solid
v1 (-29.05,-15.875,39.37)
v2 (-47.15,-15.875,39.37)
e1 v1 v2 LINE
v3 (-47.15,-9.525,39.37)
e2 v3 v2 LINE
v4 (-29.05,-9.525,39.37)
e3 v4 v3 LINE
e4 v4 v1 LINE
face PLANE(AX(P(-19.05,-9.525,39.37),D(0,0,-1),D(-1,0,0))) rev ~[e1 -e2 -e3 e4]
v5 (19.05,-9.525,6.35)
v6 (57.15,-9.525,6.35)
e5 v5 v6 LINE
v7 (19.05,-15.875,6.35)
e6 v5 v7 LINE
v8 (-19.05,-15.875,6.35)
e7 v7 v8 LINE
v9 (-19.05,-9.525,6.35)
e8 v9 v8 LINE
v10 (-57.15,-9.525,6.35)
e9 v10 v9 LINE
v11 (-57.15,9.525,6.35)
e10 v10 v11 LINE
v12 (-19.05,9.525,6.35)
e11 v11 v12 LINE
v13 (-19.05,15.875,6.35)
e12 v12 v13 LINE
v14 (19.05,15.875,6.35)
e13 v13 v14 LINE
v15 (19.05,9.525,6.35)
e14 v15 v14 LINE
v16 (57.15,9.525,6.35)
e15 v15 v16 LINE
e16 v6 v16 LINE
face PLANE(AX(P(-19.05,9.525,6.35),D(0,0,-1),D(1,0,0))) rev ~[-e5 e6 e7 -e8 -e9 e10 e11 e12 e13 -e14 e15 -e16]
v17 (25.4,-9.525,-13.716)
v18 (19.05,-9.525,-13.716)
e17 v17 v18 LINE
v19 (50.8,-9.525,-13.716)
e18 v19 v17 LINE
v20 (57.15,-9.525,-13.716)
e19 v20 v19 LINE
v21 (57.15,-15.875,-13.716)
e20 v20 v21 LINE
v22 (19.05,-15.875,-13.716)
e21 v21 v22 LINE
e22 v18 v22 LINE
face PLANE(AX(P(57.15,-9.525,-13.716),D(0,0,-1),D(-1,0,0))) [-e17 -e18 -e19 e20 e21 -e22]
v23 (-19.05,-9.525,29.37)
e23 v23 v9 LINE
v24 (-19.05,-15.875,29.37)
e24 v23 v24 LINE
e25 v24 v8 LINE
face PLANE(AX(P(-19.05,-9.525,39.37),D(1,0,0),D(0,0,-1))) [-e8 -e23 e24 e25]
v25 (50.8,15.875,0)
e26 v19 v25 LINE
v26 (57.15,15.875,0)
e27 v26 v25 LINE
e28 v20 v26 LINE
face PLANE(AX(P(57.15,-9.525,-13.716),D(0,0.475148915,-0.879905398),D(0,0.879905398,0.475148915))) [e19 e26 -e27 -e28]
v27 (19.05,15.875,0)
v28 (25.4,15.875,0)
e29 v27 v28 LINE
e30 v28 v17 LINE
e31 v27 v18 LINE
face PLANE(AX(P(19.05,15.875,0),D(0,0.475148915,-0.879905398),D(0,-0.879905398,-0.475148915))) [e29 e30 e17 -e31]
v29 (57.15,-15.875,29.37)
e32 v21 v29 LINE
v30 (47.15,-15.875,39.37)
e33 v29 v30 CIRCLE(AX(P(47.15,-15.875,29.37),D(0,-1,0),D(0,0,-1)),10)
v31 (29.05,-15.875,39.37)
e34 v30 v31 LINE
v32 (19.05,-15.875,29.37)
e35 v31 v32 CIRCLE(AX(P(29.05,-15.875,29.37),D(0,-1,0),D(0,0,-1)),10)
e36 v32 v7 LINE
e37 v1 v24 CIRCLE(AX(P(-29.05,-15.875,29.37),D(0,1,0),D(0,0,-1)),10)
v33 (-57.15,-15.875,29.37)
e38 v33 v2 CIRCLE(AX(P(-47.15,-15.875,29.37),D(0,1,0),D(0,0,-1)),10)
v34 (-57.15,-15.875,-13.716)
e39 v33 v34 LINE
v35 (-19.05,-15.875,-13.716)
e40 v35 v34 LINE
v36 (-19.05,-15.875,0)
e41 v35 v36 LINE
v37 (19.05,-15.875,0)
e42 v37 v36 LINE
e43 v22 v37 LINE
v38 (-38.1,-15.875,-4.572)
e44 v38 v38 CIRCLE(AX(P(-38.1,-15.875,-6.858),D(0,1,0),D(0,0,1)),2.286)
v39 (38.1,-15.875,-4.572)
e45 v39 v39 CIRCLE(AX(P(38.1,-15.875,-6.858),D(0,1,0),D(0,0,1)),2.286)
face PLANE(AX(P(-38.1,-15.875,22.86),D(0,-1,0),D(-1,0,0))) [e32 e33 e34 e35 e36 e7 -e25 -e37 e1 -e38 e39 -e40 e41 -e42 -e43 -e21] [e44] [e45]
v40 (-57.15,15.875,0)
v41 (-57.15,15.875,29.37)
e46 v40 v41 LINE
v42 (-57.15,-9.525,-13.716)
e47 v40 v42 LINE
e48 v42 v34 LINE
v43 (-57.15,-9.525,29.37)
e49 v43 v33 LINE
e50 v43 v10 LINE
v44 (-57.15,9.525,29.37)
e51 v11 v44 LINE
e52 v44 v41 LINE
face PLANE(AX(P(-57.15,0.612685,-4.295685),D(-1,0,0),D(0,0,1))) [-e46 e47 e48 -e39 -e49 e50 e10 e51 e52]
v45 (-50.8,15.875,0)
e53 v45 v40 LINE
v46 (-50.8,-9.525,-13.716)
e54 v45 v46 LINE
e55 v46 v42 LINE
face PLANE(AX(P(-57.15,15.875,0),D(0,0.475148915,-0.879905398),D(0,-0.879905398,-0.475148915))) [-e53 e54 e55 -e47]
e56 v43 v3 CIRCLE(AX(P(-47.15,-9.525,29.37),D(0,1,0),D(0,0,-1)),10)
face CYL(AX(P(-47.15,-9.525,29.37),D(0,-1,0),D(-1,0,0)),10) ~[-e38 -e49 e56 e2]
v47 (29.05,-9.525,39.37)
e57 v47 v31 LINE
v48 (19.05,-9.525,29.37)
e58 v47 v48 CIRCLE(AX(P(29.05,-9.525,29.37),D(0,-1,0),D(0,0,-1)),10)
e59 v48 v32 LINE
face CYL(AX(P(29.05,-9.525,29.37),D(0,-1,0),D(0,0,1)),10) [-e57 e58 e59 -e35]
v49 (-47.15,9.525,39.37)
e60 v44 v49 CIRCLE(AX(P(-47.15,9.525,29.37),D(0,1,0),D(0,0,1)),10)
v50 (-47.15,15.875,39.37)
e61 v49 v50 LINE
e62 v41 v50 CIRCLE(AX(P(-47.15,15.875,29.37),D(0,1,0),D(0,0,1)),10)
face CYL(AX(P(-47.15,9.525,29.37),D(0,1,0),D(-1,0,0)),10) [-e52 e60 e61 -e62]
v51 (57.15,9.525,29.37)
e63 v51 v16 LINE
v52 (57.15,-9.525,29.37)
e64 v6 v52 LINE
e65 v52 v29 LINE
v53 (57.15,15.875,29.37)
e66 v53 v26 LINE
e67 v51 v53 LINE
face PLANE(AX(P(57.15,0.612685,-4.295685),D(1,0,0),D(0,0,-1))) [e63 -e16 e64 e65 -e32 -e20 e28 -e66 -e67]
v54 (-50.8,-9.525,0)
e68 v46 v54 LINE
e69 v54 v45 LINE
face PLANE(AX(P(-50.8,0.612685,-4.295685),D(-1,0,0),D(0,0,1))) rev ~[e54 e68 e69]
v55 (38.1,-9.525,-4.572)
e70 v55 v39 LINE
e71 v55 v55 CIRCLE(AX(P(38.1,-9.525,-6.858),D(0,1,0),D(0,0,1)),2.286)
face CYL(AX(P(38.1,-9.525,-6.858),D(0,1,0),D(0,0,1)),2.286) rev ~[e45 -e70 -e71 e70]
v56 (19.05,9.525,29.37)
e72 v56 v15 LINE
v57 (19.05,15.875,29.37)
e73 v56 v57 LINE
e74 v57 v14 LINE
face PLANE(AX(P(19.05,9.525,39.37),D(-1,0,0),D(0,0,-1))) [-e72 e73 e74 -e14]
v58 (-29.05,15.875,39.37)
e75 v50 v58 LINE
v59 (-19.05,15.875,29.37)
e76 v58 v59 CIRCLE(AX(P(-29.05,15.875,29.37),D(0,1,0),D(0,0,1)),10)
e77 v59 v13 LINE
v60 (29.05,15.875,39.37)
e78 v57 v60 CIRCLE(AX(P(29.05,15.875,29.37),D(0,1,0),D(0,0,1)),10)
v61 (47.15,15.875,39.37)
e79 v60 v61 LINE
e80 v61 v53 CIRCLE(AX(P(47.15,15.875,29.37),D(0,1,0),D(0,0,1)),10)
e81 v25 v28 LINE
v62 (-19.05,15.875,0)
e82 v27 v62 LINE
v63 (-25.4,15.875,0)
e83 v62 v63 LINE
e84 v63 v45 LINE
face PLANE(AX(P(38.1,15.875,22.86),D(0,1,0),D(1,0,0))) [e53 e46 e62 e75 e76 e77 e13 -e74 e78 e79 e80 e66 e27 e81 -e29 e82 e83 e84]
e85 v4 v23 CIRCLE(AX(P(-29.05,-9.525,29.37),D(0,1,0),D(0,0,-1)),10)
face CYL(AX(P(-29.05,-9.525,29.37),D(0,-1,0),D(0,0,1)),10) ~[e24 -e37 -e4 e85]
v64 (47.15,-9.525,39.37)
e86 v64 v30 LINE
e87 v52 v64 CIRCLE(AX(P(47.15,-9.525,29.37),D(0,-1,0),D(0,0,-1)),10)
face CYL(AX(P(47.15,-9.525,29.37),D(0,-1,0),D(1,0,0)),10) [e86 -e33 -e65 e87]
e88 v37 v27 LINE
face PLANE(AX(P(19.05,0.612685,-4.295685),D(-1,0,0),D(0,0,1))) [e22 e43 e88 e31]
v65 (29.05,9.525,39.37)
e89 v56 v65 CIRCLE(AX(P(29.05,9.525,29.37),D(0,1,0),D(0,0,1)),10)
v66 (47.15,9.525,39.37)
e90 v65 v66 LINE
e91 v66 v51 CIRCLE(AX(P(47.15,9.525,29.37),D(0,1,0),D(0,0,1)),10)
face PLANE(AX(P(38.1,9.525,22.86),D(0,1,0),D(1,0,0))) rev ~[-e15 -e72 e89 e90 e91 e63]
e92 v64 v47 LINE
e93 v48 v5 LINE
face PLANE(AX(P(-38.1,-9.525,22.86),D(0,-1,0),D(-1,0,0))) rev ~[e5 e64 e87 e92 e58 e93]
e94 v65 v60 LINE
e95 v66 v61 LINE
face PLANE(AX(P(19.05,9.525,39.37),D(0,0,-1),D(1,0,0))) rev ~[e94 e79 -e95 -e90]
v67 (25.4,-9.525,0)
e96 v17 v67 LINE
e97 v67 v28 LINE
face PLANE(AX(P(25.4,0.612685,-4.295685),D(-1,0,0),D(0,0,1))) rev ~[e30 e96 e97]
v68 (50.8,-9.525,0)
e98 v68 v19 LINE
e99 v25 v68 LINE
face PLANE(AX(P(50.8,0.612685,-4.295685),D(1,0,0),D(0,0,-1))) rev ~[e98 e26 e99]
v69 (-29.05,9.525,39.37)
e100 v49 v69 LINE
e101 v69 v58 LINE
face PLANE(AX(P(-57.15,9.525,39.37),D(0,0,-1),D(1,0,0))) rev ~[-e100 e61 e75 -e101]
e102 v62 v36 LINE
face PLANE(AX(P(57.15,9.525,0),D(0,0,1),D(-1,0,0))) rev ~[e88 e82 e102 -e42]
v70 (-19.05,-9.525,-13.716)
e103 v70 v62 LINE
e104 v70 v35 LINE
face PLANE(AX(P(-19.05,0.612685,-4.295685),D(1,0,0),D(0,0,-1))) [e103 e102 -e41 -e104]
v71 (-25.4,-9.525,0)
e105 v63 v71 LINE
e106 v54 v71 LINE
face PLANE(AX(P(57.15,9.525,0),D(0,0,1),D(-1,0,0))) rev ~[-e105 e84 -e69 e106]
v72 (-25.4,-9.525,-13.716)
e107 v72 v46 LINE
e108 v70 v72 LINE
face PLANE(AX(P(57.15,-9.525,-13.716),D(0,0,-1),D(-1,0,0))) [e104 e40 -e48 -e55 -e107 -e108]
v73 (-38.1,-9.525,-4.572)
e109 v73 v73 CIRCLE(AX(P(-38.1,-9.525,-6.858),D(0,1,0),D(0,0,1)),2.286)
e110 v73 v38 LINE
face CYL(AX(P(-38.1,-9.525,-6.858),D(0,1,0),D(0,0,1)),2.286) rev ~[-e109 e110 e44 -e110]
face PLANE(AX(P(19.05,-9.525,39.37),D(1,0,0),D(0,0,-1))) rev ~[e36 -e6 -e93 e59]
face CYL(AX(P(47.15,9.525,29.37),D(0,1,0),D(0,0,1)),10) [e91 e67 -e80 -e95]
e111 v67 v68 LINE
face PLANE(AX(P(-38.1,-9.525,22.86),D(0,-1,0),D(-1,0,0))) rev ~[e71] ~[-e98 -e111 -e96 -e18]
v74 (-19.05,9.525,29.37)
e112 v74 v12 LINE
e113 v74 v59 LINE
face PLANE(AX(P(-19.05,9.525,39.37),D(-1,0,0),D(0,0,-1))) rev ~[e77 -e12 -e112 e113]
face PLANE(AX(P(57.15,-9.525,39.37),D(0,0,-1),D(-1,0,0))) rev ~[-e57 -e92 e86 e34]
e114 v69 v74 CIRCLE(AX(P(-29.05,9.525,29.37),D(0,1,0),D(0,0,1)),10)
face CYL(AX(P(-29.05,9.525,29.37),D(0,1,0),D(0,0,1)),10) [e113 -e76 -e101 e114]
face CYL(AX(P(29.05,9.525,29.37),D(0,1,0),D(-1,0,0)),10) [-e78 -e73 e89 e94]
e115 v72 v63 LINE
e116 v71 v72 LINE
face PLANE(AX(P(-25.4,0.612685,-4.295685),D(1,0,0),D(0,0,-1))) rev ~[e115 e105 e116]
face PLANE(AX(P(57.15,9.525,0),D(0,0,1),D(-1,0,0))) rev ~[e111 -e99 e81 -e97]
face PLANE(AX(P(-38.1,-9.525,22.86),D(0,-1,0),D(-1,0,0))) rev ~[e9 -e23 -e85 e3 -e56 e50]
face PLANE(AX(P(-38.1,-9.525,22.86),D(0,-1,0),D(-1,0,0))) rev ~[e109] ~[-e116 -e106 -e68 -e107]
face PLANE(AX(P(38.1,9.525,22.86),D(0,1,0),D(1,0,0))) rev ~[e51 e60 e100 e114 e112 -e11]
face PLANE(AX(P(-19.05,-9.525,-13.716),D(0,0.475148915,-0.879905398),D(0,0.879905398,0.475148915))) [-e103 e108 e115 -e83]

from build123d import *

# Parameters (mm, degrees)
SKETCH1_W           = 114.3
SKETCH1_H           = 19.05
BOSS_EXTRUDE1_DEPTH = 6.35
SKETCH3_W           = 38.1
SKETCH3_H           = 33.02
SKETCH3_W_2         = 114.3
SKETCH3_H_2         = 13.716
SKETCH3_H_3         = 6.35
BOSS_EXTRUDE2_DEPTH = 6.35
SKETCH4_W           = 38.1
SKETCH4_H           = 33.02
BOSS_EXTRUDE3_DEPTH = 6.35
SKETCH6_W           = 38.1
SKETCH6_H           = 13.716
CUT_EXTRUDE1_DEPTH  = 74.900469552
BOSS_EXTRUDE4_DEPTH = 6.35
BOSS_EXTRUDE5_DEPTH = 6.35
BOSS_EXTRUDE6_DEPTH = 6.35
BOSS_EXTRUDE7_DEPTH = 6.35
SKETCH10_R          = 2.286
CUT_EXTRUDE2_DEPTH  = 74.900469552
FILLET2_R           = 10


with BuildPart() as part:
    # Sketch1 → Boss-Extrude1 (new body)
    with BuildSketch(Plane.XY):
        Rectangle(SKETCH1_W, SKETCH1_H)
    extrude(amount=BOSS_EXTRUDE1_DEPTH)

    # Sketch3 → Boss-Extrude2 (add)
    with BuildSketch(Plane(origin=(0, -9.525, 0), x_dir=(-1, 0, 0), z_dir=(0, -1, 0))):
        with Locations((38.1, -22.86)):
            Rectangle(SKETCH3_W, SKETCH3_H)
        with Locations((0, 6.858)):
            Rectangle(SKETCH3_W_2, SKETCH3_H_2)
        with Locations((0, -3.175)):
            Rectangle(SKETCH3_W_2, SKETCH3_H_3)
        with Locations((-38.1, -22.86)):
            Rectangle(SKETCH3_W, SKETCH3_H)
    extrude(amount=BOSS_EXTRUDE2_DEPTH)

    # Sketch4 → Boss-Extrude3 (add)
    with BuildSketch(Plane(origin=(0, 9.525, 0), x_dir=(1, 0, 0), z_dir=(0, 1, 0))):
        with Locations((38.1, -22.86)):
            Rectangle(SKETCH4_W, SKETCH4_H)
        Polygon((57.15, -6.35), (57.15, 0), (-57.15, 0), (-57.15, -6.35), (-19.05, -6.35), (19.05, -6.35), align=None)
        with Locations((-38.1, -22.86)):
            Rectangle(SKETCH4_W, SKETCH4_H)
    extrude(amount=BOSS_EXTRUDE3_DEPTH)

    # Sketch6 → Cut-Extrude1 (cut, through all)
    with BuildSketch(Plane(origin=(0, -9.525, 0), x_dir=(1, 0, 0), z_dir=(0, 1, 0))):
        with Locations((0, 6.858)):
            Rectangle(SKETCH6_W, SKETCH6_H)
    extrude(amount=-CUT_EXTRUDE1_DEPTH, mode=Mode.SUBTRACT)

    # Sketch5 → Boss-Extrude4 (add)
    with BuildSketch(Plane(origin=(57.15, 0, 0), x_dir=(0, 0, -1), z_dir=(1, 0, 0))):
        Polygon((13.716, -9.525), (0, 15.875), (0, -9.525), align=None)
    extrude(amount=-BOSS_EXTRUDE4_DEPTH)

    # Sketch7 → Boss-Extrude5 (add)
    with BuildSketch(Plane.ZY.offset(-19.05)):
        Polygon((-13.716, -9.525), (0, -9.525), (0, 15.875), align=None)
    extrude(amount=-BOSS_EXTRUDE5_DEPTH)

    # Sketch8 → Boss-Extrude6 (add)
    with BuildSketch(Plane(origin=(-19.05, 0, 0), x_dir=(0, 0, -1), z_dir=(1, 0, 0))):
        Polygon((13.716, -9.525), (0, 15.875), (0, -9.525), align=None)
    extrude(amount=-BOSS_EXTRUDE6_DEPTH)

    # Sketch9 → Boss-Extrude7 (add)
    with BuildSketch(Plane.ZY.offset(57.15)):
        Polygon((-13.716, -9.525), (0, -9.525), (0, 15.875), align=None)
    extrude(amount=-BOSS_EXTRUDE7_DEPTH)

    # Sketch10 → Cut-Extrude2 (cut, through all)
    with BuildSketch(Plane(origin=(0, -9.525, 0), x_dir=(1, 0, 0), z_dir=(0, 1, 0))):
        with Locations(Location((38.1, 6.858, 0), (0, 0, 270))):
            Circle(SKETCH10_R)
        with Locations(Location((-38.1, 6.858, 0), (0, 0, 270))):
            Circle(SKETCH10_R)
    extrude(amount=-CUT_EXTRUDE2_DEPTH, mode=Mode.SUBTRACT)

    # Fillet2
    fillet2_edges = [part.edges().sort_by_distance(p)[0] for p in [
        (-19.05, -12.7, 39.37),
        (-57.15, -12.7, 39.37),
        (57.15, -12.7, 39.37),
        (19.05, -12.7, 39.37),
        (19.05, 12.7, 39.37),
        (57.15, 12.7, 39.37),
        (-57.15, 12.7, 39.37),
        (-19.05, 12.7, 39.37),
    ]]
    fillet(fillet2_edges, radius=FILLET2_R)


solid = part.part
